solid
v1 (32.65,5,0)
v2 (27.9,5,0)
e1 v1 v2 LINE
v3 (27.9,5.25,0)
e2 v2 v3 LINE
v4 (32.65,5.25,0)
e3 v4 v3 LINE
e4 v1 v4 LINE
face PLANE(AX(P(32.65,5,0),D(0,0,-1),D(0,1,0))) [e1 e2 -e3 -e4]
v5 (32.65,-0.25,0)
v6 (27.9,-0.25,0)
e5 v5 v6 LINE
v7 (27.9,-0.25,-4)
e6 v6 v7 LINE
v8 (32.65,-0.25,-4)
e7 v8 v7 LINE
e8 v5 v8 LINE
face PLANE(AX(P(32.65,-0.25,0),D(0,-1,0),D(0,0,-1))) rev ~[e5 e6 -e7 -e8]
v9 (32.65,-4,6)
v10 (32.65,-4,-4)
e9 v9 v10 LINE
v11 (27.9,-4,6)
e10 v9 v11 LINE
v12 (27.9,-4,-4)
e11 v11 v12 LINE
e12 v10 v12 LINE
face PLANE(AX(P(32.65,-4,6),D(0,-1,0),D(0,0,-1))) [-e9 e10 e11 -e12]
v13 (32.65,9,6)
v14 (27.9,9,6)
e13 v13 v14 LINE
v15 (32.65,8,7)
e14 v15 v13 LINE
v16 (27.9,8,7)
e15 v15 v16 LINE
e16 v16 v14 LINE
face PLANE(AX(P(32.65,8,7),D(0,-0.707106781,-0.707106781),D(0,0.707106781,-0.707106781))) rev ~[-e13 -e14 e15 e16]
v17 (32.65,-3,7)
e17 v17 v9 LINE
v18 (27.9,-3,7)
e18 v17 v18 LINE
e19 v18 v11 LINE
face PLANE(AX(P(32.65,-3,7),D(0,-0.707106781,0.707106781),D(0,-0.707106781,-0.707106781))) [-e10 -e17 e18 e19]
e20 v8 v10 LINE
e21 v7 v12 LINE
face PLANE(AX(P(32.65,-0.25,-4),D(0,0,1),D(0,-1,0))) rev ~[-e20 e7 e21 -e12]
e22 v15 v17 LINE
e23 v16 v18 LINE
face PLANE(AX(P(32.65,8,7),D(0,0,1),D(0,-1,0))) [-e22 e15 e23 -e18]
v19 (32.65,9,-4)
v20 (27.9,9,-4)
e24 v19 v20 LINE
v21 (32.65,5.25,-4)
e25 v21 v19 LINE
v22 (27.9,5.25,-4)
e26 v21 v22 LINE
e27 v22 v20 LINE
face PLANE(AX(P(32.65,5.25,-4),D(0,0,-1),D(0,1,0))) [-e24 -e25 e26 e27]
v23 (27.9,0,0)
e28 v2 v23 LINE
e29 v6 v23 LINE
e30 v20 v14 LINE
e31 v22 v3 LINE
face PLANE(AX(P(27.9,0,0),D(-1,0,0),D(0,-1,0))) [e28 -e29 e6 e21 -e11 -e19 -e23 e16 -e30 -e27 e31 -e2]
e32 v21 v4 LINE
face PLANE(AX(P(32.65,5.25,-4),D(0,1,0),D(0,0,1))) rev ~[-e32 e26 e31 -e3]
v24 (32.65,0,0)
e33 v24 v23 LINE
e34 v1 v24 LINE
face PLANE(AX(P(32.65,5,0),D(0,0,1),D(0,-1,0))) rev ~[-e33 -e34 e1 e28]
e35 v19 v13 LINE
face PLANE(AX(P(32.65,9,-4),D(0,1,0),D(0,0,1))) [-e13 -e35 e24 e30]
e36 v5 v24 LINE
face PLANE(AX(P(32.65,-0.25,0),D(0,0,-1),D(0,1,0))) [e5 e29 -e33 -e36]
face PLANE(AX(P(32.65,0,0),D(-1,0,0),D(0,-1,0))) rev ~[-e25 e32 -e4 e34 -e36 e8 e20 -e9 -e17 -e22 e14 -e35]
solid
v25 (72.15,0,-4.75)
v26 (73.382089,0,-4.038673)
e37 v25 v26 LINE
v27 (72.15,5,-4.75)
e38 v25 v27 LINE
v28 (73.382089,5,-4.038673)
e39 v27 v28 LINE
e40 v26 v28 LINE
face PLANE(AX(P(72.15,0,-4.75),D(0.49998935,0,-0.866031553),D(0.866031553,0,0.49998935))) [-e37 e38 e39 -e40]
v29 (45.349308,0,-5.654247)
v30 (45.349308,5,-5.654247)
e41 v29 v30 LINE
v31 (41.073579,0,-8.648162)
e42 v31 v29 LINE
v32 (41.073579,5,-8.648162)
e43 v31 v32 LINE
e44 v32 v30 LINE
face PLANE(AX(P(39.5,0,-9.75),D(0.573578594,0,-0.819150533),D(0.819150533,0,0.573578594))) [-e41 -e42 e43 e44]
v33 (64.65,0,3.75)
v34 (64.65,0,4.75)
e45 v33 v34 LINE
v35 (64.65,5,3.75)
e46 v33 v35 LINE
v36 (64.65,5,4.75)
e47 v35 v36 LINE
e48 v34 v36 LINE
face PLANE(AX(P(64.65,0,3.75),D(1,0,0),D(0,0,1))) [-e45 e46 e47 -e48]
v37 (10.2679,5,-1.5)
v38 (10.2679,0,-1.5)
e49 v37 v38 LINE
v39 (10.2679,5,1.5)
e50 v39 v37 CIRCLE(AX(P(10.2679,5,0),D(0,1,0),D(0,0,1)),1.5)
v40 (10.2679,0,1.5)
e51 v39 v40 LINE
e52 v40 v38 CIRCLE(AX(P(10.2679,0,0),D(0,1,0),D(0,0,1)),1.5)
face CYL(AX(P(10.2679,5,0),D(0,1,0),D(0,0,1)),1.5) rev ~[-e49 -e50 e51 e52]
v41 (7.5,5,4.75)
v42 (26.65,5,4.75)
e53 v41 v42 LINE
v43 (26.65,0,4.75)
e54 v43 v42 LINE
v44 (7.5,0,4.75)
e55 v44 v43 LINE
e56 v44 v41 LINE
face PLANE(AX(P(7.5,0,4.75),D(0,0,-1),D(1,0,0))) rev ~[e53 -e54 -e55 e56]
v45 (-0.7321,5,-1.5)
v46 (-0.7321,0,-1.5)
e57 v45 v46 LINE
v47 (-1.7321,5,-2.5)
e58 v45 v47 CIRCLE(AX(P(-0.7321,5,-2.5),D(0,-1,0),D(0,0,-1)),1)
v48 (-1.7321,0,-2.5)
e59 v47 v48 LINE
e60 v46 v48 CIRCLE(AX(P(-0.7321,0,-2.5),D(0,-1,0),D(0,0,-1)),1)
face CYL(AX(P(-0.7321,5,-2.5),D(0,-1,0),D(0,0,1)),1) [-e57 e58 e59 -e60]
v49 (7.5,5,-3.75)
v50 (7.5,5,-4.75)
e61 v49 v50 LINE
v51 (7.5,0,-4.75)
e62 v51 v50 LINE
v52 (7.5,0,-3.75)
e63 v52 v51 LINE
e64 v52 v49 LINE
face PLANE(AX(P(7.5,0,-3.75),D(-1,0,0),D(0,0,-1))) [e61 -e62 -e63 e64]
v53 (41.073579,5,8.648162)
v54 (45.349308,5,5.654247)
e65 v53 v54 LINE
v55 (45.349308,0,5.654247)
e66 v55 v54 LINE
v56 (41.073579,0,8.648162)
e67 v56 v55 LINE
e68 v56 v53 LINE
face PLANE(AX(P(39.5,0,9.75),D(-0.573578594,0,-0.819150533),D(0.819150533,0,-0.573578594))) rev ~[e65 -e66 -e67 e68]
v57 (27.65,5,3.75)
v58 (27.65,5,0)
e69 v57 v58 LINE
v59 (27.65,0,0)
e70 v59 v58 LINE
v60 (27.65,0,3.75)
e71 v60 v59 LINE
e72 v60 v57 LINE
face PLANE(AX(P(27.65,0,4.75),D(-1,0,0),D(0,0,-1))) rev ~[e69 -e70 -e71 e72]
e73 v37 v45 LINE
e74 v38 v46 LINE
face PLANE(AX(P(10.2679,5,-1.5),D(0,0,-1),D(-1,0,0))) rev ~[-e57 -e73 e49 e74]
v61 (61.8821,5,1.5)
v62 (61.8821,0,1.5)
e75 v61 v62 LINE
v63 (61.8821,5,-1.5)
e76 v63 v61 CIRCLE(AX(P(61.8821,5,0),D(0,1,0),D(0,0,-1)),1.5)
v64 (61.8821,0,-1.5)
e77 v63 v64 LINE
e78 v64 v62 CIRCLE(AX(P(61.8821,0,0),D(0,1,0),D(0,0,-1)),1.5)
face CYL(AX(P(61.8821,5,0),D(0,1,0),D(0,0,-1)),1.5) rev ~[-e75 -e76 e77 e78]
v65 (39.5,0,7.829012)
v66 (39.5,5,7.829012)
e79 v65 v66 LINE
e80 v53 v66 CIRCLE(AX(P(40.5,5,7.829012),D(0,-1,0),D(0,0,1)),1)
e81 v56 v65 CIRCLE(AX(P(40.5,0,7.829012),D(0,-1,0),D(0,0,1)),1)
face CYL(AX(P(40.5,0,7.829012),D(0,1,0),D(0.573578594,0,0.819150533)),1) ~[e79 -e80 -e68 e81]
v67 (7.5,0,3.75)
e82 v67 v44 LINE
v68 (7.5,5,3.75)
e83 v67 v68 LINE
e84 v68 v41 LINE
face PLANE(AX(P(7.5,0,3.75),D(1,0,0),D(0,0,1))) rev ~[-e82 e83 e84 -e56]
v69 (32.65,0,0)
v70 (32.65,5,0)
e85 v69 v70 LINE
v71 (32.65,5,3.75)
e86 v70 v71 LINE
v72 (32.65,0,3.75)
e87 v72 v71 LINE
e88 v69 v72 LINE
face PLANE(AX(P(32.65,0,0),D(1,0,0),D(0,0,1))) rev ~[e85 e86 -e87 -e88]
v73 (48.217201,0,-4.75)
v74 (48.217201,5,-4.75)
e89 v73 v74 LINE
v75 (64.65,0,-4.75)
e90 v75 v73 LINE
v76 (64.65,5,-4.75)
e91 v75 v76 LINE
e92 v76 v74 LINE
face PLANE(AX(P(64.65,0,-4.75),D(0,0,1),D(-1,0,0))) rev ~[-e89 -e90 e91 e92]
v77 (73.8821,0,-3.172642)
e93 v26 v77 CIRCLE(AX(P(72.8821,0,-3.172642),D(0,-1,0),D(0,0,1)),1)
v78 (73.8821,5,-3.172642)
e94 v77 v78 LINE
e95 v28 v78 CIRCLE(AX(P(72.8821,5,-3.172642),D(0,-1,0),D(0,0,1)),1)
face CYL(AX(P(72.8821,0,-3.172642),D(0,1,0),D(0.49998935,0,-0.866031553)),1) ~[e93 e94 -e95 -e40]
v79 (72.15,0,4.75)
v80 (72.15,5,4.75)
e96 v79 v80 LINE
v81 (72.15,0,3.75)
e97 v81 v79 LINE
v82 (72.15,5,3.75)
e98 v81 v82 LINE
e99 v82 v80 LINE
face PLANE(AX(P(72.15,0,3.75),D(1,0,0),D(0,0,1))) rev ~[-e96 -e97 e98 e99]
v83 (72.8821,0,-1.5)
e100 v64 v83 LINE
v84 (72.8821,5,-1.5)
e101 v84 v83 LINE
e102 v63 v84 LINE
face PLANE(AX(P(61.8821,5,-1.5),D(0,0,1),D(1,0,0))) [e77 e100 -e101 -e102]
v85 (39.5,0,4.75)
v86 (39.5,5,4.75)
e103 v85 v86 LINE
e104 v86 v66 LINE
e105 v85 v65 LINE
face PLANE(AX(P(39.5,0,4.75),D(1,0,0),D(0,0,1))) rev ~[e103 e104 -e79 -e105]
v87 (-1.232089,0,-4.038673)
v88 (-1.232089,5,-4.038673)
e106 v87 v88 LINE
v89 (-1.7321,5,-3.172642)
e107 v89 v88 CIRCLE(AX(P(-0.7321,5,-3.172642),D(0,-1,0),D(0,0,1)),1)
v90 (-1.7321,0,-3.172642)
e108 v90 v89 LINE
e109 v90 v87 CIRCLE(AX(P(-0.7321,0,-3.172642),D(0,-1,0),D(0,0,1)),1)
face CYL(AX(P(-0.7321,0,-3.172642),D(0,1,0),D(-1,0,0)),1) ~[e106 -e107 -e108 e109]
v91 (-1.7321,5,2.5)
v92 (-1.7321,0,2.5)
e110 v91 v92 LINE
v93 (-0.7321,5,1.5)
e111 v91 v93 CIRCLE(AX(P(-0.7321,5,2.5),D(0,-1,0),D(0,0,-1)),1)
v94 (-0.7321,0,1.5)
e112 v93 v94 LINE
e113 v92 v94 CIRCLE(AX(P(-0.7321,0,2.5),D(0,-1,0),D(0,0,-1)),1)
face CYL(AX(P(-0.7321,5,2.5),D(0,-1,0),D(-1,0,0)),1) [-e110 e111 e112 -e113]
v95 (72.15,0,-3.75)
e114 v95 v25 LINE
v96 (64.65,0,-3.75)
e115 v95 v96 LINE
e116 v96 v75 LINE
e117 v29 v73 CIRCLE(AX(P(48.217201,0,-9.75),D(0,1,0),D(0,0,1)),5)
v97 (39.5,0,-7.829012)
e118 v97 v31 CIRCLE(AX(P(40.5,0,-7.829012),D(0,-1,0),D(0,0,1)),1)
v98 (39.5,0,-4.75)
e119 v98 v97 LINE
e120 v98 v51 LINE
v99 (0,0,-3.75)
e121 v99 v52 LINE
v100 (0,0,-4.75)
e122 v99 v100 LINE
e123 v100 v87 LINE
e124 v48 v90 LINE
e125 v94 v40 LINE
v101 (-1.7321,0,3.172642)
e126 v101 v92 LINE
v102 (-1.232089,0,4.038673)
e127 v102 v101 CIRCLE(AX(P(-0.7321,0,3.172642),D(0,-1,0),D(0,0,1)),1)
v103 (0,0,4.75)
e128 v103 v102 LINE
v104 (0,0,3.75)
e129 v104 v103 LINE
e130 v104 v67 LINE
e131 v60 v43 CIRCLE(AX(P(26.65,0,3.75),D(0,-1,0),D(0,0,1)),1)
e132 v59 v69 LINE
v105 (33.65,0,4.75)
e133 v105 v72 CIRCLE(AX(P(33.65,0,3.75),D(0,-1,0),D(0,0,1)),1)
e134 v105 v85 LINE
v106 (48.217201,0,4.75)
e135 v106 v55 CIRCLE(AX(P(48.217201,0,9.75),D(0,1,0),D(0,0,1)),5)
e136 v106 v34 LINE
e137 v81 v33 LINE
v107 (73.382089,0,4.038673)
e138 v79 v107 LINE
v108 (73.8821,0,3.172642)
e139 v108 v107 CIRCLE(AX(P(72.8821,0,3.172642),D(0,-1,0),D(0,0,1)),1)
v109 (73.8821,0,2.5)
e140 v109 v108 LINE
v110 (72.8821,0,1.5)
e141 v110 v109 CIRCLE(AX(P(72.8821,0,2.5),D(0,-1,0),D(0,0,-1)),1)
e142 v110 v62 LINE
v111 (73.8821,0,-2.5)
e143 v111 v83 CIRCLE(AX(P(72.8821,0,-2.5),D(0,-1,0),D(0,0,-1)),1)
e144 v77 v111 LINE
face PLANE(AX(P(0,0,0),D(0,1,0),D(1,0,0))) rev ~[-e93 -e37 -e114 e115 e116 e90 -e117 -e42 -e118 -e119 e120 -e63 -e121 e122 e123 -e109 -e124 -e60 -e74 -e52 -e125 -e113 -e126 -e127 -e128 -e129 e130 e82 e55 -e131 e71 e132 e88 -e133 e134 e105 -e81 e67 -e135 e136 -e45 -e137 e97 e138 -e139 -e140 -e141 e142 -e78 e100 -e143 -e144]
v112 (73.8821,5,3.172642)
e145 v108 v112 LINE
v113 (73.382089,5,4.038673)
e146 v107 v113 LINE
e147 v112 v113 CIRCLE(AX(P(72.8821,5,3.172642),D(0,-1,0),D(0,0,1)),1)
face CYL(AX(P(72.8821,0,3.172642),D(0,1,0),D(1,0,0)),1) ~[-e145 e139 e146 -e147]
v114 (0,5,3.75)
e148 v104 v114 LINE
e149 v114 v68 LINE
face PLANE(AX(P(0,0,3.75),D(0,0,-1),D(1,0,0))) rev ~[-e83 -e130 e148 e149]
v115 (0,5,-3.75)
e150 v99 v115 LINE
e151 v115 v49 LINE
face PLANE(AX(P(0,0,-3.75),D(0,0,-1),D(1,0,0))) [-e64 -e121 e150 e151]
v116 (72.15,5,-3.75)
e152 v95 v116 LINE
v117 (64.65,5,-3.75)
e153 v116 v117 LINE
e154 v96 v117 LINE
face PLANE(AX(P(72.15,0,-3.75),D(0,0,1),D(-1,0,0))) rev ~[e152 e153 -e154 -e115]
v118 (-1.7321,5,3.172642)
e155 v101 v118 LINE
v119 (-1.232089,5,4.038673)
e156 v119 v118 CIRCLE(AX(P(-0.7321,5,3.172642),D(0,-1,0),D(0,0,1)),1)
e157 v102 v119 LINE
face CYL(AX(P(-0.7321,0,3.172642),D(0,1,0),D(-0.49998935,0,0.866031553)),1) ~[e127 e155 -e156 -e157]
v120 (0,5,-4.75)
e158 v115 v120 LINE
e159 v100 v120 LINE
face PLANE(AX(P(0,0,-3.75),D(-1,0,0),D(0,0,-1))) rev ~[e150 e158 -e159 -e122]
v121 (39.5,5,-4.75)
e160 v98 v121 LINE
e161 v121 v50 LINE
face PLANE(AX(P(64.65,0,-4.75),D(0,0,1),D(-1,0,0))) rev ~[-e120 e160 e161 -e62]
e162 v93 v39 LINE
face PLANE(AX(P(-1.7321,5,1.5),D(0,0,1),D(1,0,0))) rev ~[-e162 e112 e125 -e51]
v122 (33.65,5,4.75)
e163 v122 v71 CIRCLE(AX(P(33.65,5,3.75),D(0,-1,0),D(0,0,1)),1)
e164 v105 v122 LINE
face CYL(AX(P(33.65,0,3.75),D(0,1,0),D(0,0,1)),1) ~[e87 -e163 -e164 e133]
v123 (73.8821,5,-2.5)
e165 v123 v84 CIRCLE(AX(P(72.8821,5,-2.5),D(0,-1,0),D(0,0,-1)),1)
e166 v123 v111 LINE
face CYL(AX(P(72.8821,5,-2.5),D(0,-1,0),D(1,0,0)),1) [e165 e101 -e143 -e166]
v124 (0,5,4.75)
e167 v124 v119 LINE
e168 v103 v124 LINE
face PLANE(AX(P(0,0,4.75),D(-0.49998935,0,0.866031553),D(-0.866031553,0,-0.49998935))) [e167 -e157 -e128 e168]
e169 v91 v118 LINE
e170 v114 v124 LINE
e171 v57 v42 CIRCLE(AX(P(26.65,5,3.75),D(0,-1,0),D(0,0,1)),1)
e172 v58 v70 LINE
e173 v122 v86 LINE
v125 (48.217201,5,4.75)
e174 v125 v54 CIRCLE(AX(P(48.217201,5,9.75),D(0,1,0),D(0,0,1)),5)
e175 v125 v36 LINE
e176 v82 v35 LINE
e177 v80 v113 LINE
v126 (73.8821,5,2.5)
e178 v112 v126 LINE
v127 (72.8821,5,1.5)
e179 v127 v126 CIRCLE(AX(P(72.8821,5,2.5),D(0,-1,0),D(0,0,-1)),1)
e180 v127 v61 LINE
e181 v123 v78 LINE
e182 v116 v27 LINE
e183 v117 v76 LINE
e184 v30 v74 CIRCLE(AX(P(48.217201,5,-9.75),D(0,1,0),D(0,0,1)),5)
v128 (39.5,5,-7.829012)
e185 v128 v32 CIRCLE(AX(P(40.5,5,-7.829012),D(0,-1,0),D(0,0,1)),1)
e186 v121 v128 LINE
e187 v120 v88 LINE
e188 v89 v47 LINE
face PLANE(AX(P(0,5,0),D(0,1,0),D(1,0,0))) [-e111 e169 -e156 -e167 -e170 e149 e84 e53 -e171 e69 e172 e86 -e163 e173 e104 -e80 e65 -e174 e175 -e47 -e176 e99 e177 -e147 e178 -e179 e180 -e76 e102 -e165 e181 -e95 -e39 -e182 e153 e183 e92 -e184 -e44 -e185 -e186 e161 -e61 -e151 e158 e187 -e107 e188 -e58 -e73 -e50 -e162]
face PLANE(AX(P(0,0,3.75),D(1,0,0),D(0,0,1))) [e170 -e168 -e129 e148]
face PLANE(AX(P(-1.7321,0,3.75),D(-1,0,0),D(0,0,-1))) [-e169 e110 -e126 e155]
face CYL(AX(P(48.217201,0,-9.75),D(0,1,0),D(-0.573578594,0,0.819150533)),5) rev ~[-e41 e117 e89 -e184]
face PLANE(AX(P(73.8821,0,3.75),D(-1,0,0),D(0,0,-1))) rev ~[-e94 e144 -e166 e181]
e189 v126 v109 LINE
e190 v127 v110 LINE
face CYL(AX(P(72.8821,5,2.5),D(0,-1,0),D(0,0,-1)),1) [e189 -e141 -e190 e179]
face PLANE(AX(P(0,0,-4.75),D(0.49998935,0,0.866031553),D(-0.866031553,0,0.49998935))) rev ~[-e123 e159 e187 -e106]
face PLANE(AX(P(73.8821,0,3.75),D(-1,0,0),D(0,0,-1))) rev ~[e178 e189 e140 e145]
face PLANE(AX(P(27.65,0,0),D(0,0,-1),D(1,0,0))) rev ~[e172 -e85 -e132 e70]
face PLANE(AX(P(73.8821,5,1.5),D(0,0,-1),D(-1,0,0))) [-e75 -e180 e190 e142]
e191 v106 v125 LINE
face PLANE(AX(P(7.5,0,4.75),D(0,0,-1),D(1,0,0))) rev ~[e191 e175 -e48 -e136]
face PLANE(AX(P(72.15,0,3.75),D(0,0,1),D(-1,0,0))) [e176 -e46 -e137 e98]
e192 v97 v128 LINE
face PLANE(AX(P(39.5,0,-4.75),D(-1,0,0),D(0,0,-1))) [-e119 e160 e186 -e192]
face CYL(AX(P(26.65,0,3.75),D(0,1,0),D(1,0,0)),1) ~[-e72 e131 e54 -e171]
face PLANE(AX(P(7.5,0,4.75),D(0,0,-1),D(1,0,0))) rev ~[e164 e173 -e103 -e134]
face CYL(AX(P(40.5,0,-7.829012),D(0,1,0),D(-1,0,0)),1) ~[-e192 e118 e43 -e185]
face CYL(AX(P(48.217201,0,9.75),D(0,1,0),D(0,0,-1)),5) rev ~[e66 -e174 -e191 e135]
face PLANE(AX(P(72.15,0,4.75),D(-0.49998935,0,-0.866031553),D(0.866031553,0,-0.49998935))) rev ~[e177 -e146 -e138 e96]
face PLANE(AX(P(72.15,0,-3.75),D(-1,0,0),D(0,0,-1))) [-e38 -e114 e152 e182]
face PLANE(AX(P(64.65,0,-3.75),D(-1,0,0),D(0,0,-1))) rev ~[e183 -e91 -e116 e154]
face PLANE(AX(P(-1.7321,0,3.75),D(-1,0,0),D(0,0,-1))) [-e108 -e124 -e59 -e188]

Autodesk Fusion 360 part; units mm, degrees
sketch "Sketch1" plane through (0, 0, 0) normal (0, 1, 0) x (1, 0, 0)
  line L0 (0, 0) -> (0, -3.75) construction
  line L1 (0, -3.75) -> (7.5, -3.75)
  line L2 (0, -3.75) -> (0, -4.75)
  line L3 (0, -4.75) -> (-1.7321, -3.75)
  line L4 (0, -4.75) -> (1.5486, -4.75) construction
  line L5 (-1.7321, -3.75) -> (-1.7321, 0)
  line L6 (7.5, -3.75) -> (7.5, -4.75)
  line L7 (7.5, -4.75) -> (64.65, -4.75)
  line L8 (-1.7321, 0) -> (36.075, 0) construction
  line L9 (36.075, 0) -> (36.075, -4.75) construction
  line L10 (73.8821, -3.75) -> (73.8821, 0)
  line L11 (72.15, -4.75) -> (73.8821, -3.75)
  line L12 (72.15, -3.75) -> (64.65, -3.75)
  line L13 (72.15, -3.75) -> (72.15, -4.75)
  line L14 (64.65, -3.75) -> (64.65, -4.75)
  line L15 (64.65, -4.75) -> (7.5, -4.75)
  line L16 (73.8821, 3.75) -> (73.8821, 0)
  line L17 (72.15, 4.75) -> (73.8821, 3.75)
  line L18 (72.15, 3.75) -> (64.65, 3.75)
  line L19 (72.15, 3.75) -> (72.15, 4.75)
  line L20 (64.65, 3.75) -> (64.65, 4.75)
  line L21 (64.65, 4.75) -> (7.5, 4.75)
  line L22 (7.5, 3.75) -> (7.5, 4.75)
  line L23 (0, 3.75) -> (7.5, 3.75)
  line L24 (0, 3.75) -> (0, 4.75)
  line L25 (0, 4.75) -> (-1.7321, 3.75)
  line L26 (-1.7321, 3.75) -> (-1.7321, 0)
  line L27 (-1.7321, 0) -> (73.8821, 0)
  point P0 (36.075, -4.75)
  dimension "d1" = 3.75
  dimension "d2" = 7.5
  dimension "d4" = 150
  dimension "d5" = 57.15
  dimension "d8" = 4.75
extrude "Extrude1" add sketch "Sketch1" along normal blind 5 makes body 1
sketch "Sketch2" plane through (0, 5, 0) normal (0, 1, 0) x (-1, 0, 0)
  line L0 (0, -3.75) -> (0, -4.75)
  line L1 (0, -4.75) -> (1.7321, -3.75)
  line L2 (1.7321, -3.75) -> (1.7321, 3.75)
  line L3 (1.7321, 3.75) -> (0, 4.75)
  line L4 (0, 4.75) -> (0, 3.75)
  line L5 (0, 3.75) -> (-7.5, 3.75)
  line L6 (-7.5, 3.75) -> (-7.5, 4.75)
  line L7 (-7.5, 4.75) -> (-64.65, 4.75)
  line L8 (-64.65, 4.75) -> (-64.65, 3.75)
  line L9 (-64.65, 3.75) -> (-72.15, 3.75)
  line L10 (-72.15, 3.75) -> (-72.15, 4.75)
  line L11 (-72.15, 4.75) -> (-73.8821, 3.75)
  line L12 (-73.8821, 3.75) -> (-73.8821, -3.75)
  line L13 (-73.8821, -3.75) -> (-72.15, -4.75)
  line L14 (-72.15, -4.75) -> (-72.15, -3.75)
  line L15 (-72.15, -3.75) -> (-64.65, -3.75)
  line L16 (-64.65, -3.75) -> (-64.65, -4.75)
  line L17 (-64.65, -4.75) -> (-7.5, -4.75)
  line L18 (-7.5, -4.75) -> (-7.5, -3.75)
  line L19 (-7.5, -3.75) -> (0, -3.75)
  line L20 (-73.8821, 0) -> (1.7321, 0) construction
  line L21 (-36.075, 4.75) -> (-36.075, -4.75) construction
  line L22 (1.7321, 1.5) -> (-10.2679, 1.5)
  arc A0 (-10.2679, 1.5) -> (-10.2679, -1.5) centre (-10.2679, 0) ccw
  line L23 (-10.2679, -1.5) -> (1.7321, -1.5)
  arc A1 (1.7321, -1.5) -> (1.7321, 1.5) centre (1.7321, 0) ccw
  line L24 (1.7321, 0) -> (-10.2679, 0) construction
  line L25 (-61.8821, -1.5) -> (-73.8821, -1.5)
  arc A2 (-61.8821, -1.5) -> (-61.8821, 1.5) centre (-61.8821, 0) ccw
  line L26 (-73.8821, 1.5) -> (-61.8821, 1.5)
  arc A3 (-73.8821, 1.5) -> (-73.8821, -1.5) centre (-73.8821, 0) ccw
  dimension "d9" = 1.5
  dimension "d10" = 12
extrude "Extrude2" cut sketch "Sketch2" against normal through all contours L2 L22 A0 L23 | L12 L25 A2 L26 bodies 1
sketch "Sketch3" plane through (0, 0, 0) normal (0, -1, 0) x (1, 0, 0)
  line L0 (61.8821, 1.5) -> (73.8821, 1.5)
  line L1 (73.8821, 1.5) -> (73.8821, 3.75)
  line L2 (73.8821, 3.75) -> (72.15, 4.75)
  line L3 (72.15, 4.75) -> (72.15, 3.75)
  line L4 (72.15, 3.75) -> (64.65, 3.75)
  line L5 (64.65, 3.75) -> (64.65, 4.75)
  line L6 (64.65, 4.75) -> (7.5, 4.75)
  line L7 (7.5, 4.75) -> (7.5, 3.75)
  line L8 (7.5, 3.75) -> (0, 3.75)
  line L9 (0, 3.75) -> (0, 4.75)
  line L10 (0, 4.75) -> (-1.7321, 3.75)
  line L11 (-1.7321, 3.75) -> (-1.7321, 1.5)
  line L12 (-1.7321, 1.5) -> (10.2679, 1.5)
  arc A0 (10.2679, -1.5) -> (10.2679, 1.5) centre (10.2679, 0) ccw
  line L13 (10.2679, -1.5) -> (-1.7321, -1.5)
  line L14 (-1.7321, -1.5) -> (-1.7321, -3.75)
  line L15 (-1.7321, -3.75) -> (0, -4.75)
  line L16 (0, -4.75) -> (0, -3.75)
  line L17 (0, -3.75) -> (7.5, -3.75)
  line L18 (7.5, -3.75) -> (7.5, -4.75)
  line L19 (7.5, -4.75) -> (64.65, -4.75)
  line L20 (64.65, -4.75) -> (64.65, -3.75)
  line L21 (64.65, -3.75) -> (72.15, -3.75)
  line L22 (72.15, -3.75) -> (72.15, -4.75)
  line L23 (72.15, -4.75) -> (73.8821, -3.75)
  line L24 (73.8821, -3.75) -> (73.8821, -1.5)
  line L25 (73.8821, -1.5) -> (61.8821, -1.5)
  arc A1 (61.8821, 1.5) -> (61.8821, -1.5) centre (61.8821, 0) ccw
  line L26 (36.075, 4.75) -> (36.075, -4.75) construction
  line L27 (32.65, 4.75) -> (32.65, -4.75) construction
  line L28 (39.5, 4.75) -> (39.5, -4.75) construction
  line L29 (39.5, 4.75) -> (39.5, 9.75)
  line L30 (39.5, 9.75) -> (46.6407, 4.75)
  line L31 (32.65, 0) -> (39.5, 0) construction
  line L32 (39.5, -4.75) -> (39.5, -9.75)
  line L33 (39.5, -9.75) -> (46.6407, -4.75)
  line L34 (32.65, 4.75) -> (27.65, 4.75)
  line L35 (27.65, 4.75) -> (27.65, 0)
  line L36 (27.65, 0) -> (32.65, 0)
  line L37 (32.65, 0) -> (32.65, 4.75)
  dimension "d13" = 6.85
  dimension "d14" = 35
  dimension "d15" = 5
  dimension "d16" = 5
  dimension "d17" = 4.75
extrude "Extrude3" add sketch "Sketch3" against normal blind 5 contours L6 L29 L30 | L19 L32 L33 bodies 1
extrude "Extrude4" cut sketch "Sketch3" against normal blind 5 contours L6 L34 L35 L36 L37 bodies 1
fillet "Fillet1" radius 1 2 edges at (39.5, 2.5, 9.75) (39.5, 2.5, -9.75) on bodies 1
fillet "Fillet1" radius 5 2 edges at (46.6407, 2.5, 4.75) (46.6407, 2.5, -4.75) on bodies 1
fillet "Fillet1" radius 1 8 edges at (73.8821, 2.5, 3.75) (73.8821, 2.5, 1.5) (73.8821, 2.5, -1.5) (73.8821, 2.5, -3.75) (-1.7321, 2.5, 3.75) (-1.7321, 2.5, 1.5) (-1.7321, 2.5, -1.5) (-1.7321, 2.5, -3.75) on bodies 1
fillet "Fillet1" radius 1 2 edges at (32.65, 2.5, 4.75) (27.65, 2.5, 4.75) on bodies 1
sketch "Sketch1 (2)" plane through (32.65, 0, 0) normal (-1, 0, 0) x (0, -1, 0) in component "Component"
  line L0 (-5, 3.75) -> (-5, 0)
  line L1 (-5, 0) -> (0, 0)
  line L2 (0, 0) -> (0, 3.75)
  line L3 (0, 0) -> (-5, 0)
  line L4 (-5, 0) -> (0, 0)
  line L5 (0.25, 0) -> (-5.25, 0)
  line L6 (-8, 7) -> (3, 7)
  line L7 (4, 6) -> (4, -4)
  line L8 (-9, -4) -> (-9, 6)
  line L9 (-5.25, -4) -> (-5.25, 0)
  line L10 (0.25, 0) -> (0.25, -4)
  line L11 (0.25, -4) -> (4, -4)
  line L12 (-5.25, -4) -> (-9, -4)
  line L13 (3, 7) -> (4, 6)
  line L14 (-8, 7) -> (-9, 6)
  point P0 (-9, 7)
  point P1 (4, 7)
  dimension "d38" = 1
  dimension "d39" = 1
  dimension "d40" = 1
  dimension "d41" = 1
extrude "Extrude1'" add sketch "Sketch1 (2)" along normal blind 4.75 separate body makes body 2 in component "Component"
component "Component" placed x (1, 0, 0) y (0, 1, 0) z (0, 0, 1) at (0, 0, 0)
equation "d13 = 6.35 mm + 0.5 mm"
equation "d39 = d38"
equation "d41 = d40"
